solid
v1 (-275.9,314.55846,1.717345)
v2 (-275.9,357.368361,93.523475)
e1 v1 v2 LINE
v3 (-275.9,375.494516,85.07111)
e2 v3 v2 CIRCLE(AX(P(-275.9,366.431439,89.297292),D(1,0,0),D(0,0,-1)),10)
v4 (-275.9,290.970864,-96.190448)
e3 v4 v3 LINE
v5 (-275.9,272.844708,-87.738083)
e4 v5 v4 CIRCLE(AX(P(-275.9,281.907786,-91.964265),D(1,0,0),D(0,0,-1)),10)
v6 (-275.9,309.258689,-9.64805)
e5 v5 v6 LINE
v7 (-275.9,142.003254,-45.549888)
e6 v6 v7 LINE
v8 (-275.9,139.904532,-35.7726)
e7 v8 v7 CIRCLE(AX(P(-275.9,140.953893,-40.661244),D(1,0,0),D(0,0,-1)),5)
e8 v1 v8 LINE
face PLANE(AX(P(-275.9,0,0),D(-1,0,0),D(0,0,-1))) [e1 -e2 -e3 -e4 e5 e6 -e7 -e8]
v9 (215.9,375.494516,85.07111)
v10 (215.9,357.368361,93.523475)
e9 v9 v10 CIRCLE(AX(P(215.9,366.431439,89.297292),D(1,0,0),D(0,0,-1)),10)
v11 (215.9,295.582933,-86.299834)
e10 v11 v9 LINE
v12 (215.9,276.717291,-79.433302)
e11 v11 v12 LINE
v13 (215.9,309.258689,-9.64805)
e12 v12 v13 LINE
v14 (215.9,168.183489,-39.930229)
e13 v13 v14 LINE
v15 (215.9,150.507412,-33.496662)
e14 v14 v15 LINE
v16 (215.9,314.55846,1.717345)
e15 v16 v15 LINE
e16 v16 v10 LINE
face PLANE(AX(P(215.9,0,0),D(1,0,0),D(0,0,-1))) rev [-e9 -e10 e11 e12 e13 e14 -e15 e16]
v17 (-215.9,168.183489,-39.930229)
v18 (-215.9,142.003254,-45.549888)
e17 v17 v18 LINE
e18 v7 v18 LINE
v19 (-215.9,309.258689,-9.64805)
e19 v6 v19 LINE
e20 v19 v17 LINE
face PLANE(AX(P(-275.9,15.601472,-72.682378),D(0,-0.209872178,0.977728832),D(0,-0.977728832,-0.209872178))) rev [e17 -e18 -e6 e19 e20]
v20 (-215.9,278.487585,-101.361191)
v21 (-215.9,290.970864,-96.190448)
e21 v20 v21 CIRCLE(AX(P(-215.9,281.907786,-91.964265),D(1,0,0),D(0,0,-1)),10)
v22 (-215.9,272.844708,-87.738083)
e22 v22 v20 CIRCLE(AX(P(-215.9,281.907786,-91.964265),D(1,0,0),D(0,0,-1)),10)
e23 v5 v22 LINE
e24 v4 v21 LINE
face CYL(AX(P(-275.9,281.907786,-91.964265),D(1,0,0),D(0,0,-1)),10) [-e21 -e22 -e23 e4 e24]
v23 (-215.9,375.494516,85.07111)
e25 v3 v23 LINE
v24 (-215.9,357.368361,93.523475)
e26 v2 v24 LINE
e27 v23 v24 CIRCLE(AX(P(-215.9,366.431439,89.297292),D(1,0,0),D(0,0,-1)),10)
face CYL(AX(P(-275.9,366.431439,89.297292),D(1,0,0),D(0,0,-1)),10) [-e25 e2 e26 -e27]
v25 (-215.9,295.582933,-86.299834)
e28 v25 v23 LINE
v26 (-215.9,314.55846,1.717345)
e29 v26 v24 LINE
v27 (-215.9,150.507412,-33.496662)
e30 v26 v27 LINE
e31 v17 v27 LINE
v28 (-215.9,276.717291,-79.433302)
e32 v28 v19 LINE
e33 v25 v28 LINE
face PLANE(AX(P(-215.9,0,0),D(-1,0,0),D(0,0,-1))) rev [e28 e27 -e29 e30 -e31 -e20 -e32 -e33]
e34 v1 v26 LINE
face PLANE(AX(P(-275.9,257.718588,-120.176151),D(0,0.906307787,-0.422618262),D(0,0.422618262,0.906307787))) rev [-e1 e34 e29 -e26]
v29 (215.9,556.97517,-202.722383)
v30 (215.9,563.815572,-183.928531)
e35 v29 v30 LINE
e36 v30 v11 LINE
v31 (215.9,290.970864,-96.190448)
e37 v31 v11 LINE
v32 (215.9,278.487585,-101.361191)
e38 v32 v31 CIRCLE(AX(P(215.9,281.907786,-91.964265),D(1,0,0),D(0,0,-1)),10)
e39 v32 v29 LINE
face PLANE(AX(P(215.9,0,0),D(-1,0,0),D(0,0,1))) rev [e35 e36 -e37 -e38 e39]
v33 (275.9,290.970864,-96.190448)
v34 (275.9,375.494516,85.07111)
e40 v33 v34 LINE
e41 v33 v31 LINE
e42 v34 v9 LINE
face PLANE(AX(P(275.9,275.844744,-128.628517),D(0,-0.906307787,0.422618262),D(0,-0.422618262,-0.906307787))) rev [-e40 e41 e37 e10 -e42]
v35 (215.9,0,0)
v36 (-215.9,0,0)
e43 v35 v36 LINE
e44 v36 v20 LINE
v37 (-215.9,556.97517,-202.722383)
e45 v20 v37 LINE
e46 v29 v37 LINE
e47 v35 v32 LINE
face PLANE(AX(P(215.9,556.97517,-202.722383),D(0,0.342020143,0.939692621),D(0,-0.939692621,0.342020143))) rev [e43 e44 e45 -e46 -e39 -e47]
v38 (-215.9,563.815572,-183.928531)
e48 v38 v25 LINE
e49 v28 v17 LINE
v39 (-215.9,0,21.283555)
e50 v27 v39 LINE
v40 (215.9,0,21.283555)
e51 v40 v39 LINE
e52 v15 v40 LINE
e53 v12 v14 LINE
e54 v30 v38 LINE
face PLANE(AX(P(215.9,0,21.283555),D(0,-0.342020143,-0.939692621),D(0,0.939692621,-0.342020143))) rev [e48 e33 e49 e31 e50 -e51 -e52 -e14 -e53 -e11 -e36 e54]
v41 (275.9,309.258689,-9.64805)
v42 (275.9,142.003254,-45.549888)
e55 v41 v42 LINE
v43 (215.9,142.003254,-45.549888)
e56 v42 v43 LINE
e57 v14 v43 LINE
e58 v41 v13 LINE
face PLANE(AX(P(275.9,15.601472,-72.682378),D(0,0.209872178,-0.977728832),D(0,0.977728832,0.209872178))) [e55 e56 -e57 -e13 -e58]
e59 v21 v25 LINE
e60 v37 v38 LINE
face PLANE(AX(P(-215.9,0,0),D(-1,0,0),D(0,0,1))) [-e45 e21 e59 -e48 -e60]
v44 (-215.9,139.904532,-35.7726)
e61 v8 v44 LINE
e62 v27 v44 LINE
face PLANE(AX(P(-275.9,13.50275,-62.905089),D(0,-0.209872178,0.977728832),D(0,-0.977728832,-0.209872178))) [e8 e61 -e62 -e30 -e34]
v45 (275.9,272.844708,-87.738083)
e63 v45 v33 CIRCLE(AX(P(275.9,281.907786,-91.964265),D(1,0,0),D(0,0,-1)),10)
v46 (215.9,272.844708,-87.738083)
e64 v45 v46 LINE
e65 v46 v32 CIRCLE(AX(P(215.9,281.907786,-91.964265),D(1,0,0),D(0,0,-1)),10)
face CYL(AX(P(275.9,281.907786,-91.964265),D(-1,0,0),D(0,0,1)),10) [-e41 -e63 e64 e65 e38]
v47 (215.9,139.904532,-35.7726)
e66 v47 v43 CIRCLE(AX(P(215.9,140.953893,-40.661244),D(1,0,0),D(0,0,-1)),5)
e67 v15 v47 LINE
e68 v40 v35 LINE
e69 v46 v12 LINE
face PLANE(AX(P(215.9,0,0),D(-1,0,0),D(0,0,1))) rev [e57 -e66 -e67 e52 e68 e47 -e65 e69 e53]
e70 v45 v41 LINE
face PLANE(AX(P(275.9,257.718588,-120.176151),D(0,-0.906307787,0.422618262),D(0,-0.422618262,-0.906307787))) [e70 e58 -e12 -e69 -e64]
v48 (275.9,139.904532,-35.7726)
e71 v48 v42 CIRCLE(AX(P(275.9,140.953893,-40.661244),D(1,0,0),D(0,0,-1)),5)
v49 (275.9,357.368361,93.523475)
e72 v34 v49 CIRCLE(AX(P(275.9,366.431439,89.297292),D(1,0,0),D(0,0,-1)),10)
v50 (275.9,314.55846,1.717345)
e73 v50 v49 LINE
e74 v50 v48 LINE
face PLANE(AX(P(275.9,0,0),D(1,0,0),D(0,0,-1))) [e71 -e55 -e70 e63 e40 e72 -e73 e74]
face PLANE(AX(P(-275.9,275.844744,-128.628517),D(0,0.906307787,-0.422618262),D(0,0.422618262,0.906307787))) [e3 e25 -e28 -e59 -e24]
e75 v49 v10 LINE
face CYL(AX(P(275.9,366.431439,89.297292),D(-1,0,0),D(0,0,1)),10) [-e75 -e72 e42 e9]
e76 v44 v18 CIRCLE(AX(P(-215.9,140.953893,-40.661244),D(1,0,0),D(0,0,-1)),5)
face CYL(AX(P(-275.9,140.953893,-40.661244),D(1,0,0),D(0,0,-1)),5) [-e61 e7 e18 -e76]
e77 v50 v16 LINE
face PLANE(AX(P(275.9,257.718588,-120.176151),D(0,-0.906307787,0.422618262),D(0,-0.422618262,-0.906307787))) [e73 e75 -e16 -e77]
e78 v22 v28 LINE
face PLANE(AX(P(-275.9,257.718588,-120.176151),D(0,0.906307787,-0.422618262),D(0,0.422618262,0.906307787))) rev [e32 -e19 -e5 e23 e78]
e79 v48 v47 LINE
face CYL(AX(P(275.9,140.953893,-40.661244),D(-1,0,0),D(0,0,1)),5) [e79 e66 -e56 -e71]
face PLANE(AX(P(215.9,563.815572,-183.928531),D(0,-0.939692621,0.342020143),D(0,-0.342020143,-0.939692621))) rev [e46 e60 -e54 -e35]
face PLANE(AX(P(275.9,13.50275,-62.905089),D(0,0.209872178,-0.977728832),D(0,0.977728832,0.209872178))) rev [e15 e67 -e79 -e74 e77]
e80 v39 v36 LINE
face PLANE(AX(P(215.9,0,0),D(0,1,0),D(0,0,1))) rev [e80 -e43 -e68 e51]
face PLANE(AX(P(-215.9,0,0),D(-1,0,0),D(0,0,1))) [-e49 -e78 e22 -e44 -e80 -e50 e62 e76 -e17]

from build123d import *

# Parameters (mm, degrees)
BOSS_EXTRUDE1_DEPTH = 215.9
BOSS_EXTRUDE2_DEPTH = 60


with BuildPart() as part:
    # Sketch1 → Boss-Extrude1 (new, symmetric)
    with BuildSketch(Plane(origin=(0, 0, 0), x_dir=(0, 0, -1), z_dir=(1, 0, 0))):
        Polygon((0, 0), (-21.28355545, 0), (183.928530546, 563.815572472), (202.722382962, 556.975169605), align=None)
    extrude(amount=BOSS_EXTRUDE1_DEPTH, both=True)

    # Sketch2 → Boss-Extrude2 (add)
    with BuildSketch(Plane(origin=(215.9, 0, 0), x_dir=(0, 0, -1), z_dir=(1, 0, 0))):
        with BuildLine():
            Line((-1.717345436, 314.558459548), (9.648049621, 309.258688795))
            Line((9.648049621, 309.258688795), (6.222130729, 325.218973302))
            ThreePointArc((6.222130729, 325.218973302), (0.284125678, 329.058256569), (-3.55515759, 323.120251518))
            Line((-3.55515759, 323.120251518), (-1.717345436, 314.558459548))
        make_face()
        with BuildLine():
            Line((9.648049621, 309.258688795), (79.43330187, 276.717291245))
            Line((79.43330187, 276.717291245), (86.299833965, 295.582933124))
            Line((86.299833965, 295.582933124), (-85.071109517, 375.494516454))
            ThreePointArc((-85.071109517, 375.494516454), (-98.360370005, 370.657621201), (-93.523474752, 357.368360714))
            Line((-93.523474752, 357.368360714), (-1.717345436, 314.558459548))
            Line((-1.717345436, 314.558459548), (-3.55515759, 323.120251518))
            ThreePointArc((-3.55515759, 323.120251518), (0.284125678, 329.058256569), (6.222130729, 325.218973302))
            Line((6.222130729, 325.218973302), (9.648049621, 309.258688795))
        make_face()
        Polygon((39.930228547, 168.18348929), (9.648049621, 309.258688795), (-1.717345436, 314.558459548), (33.496662431, 150.507411661), align=None)
        with BuildLine():
            Line((45.549887934, 142.00325401), (39.930228547, 168.18348929))
            Line((39.930228547, 168.18348929), (33.496662431, 150.507411661))
            Line((33.496662431, 150.507411661), (35.772599615, 139.904532226))
            ThreePointArc((35.772599615, 139.904532226), (41.710604666, 136.065248958), (45.549887934, 142.00325401))
        make_face()
        with BuildLine():
            Line((79.43330187, 276.717291245), (87.738082656, 272.844708365))
            ThreePointArc((87.738082656, 272.844708365), (101.027343143, 277.681603618), (96.19044789, 290.970864106))
            Line((96.19044789, 290.970864106), (86.299833965, 295.582933124))
            Line((86.299833965, 295.582933124), (79.43330187, 276.717291245))
        make_face()
    boss_extrude2 = extrude(amount=BOSS_EXTRUDE2_DEPTH)

    # Mirror1: Boss-Extrude2 across plane
    add(boss_extrude2.mirror(Plane(origin=(0, 0, 0), x_dir=(0, 0, 1), z_dir=(1, 0, 0))))


solid = part.part
